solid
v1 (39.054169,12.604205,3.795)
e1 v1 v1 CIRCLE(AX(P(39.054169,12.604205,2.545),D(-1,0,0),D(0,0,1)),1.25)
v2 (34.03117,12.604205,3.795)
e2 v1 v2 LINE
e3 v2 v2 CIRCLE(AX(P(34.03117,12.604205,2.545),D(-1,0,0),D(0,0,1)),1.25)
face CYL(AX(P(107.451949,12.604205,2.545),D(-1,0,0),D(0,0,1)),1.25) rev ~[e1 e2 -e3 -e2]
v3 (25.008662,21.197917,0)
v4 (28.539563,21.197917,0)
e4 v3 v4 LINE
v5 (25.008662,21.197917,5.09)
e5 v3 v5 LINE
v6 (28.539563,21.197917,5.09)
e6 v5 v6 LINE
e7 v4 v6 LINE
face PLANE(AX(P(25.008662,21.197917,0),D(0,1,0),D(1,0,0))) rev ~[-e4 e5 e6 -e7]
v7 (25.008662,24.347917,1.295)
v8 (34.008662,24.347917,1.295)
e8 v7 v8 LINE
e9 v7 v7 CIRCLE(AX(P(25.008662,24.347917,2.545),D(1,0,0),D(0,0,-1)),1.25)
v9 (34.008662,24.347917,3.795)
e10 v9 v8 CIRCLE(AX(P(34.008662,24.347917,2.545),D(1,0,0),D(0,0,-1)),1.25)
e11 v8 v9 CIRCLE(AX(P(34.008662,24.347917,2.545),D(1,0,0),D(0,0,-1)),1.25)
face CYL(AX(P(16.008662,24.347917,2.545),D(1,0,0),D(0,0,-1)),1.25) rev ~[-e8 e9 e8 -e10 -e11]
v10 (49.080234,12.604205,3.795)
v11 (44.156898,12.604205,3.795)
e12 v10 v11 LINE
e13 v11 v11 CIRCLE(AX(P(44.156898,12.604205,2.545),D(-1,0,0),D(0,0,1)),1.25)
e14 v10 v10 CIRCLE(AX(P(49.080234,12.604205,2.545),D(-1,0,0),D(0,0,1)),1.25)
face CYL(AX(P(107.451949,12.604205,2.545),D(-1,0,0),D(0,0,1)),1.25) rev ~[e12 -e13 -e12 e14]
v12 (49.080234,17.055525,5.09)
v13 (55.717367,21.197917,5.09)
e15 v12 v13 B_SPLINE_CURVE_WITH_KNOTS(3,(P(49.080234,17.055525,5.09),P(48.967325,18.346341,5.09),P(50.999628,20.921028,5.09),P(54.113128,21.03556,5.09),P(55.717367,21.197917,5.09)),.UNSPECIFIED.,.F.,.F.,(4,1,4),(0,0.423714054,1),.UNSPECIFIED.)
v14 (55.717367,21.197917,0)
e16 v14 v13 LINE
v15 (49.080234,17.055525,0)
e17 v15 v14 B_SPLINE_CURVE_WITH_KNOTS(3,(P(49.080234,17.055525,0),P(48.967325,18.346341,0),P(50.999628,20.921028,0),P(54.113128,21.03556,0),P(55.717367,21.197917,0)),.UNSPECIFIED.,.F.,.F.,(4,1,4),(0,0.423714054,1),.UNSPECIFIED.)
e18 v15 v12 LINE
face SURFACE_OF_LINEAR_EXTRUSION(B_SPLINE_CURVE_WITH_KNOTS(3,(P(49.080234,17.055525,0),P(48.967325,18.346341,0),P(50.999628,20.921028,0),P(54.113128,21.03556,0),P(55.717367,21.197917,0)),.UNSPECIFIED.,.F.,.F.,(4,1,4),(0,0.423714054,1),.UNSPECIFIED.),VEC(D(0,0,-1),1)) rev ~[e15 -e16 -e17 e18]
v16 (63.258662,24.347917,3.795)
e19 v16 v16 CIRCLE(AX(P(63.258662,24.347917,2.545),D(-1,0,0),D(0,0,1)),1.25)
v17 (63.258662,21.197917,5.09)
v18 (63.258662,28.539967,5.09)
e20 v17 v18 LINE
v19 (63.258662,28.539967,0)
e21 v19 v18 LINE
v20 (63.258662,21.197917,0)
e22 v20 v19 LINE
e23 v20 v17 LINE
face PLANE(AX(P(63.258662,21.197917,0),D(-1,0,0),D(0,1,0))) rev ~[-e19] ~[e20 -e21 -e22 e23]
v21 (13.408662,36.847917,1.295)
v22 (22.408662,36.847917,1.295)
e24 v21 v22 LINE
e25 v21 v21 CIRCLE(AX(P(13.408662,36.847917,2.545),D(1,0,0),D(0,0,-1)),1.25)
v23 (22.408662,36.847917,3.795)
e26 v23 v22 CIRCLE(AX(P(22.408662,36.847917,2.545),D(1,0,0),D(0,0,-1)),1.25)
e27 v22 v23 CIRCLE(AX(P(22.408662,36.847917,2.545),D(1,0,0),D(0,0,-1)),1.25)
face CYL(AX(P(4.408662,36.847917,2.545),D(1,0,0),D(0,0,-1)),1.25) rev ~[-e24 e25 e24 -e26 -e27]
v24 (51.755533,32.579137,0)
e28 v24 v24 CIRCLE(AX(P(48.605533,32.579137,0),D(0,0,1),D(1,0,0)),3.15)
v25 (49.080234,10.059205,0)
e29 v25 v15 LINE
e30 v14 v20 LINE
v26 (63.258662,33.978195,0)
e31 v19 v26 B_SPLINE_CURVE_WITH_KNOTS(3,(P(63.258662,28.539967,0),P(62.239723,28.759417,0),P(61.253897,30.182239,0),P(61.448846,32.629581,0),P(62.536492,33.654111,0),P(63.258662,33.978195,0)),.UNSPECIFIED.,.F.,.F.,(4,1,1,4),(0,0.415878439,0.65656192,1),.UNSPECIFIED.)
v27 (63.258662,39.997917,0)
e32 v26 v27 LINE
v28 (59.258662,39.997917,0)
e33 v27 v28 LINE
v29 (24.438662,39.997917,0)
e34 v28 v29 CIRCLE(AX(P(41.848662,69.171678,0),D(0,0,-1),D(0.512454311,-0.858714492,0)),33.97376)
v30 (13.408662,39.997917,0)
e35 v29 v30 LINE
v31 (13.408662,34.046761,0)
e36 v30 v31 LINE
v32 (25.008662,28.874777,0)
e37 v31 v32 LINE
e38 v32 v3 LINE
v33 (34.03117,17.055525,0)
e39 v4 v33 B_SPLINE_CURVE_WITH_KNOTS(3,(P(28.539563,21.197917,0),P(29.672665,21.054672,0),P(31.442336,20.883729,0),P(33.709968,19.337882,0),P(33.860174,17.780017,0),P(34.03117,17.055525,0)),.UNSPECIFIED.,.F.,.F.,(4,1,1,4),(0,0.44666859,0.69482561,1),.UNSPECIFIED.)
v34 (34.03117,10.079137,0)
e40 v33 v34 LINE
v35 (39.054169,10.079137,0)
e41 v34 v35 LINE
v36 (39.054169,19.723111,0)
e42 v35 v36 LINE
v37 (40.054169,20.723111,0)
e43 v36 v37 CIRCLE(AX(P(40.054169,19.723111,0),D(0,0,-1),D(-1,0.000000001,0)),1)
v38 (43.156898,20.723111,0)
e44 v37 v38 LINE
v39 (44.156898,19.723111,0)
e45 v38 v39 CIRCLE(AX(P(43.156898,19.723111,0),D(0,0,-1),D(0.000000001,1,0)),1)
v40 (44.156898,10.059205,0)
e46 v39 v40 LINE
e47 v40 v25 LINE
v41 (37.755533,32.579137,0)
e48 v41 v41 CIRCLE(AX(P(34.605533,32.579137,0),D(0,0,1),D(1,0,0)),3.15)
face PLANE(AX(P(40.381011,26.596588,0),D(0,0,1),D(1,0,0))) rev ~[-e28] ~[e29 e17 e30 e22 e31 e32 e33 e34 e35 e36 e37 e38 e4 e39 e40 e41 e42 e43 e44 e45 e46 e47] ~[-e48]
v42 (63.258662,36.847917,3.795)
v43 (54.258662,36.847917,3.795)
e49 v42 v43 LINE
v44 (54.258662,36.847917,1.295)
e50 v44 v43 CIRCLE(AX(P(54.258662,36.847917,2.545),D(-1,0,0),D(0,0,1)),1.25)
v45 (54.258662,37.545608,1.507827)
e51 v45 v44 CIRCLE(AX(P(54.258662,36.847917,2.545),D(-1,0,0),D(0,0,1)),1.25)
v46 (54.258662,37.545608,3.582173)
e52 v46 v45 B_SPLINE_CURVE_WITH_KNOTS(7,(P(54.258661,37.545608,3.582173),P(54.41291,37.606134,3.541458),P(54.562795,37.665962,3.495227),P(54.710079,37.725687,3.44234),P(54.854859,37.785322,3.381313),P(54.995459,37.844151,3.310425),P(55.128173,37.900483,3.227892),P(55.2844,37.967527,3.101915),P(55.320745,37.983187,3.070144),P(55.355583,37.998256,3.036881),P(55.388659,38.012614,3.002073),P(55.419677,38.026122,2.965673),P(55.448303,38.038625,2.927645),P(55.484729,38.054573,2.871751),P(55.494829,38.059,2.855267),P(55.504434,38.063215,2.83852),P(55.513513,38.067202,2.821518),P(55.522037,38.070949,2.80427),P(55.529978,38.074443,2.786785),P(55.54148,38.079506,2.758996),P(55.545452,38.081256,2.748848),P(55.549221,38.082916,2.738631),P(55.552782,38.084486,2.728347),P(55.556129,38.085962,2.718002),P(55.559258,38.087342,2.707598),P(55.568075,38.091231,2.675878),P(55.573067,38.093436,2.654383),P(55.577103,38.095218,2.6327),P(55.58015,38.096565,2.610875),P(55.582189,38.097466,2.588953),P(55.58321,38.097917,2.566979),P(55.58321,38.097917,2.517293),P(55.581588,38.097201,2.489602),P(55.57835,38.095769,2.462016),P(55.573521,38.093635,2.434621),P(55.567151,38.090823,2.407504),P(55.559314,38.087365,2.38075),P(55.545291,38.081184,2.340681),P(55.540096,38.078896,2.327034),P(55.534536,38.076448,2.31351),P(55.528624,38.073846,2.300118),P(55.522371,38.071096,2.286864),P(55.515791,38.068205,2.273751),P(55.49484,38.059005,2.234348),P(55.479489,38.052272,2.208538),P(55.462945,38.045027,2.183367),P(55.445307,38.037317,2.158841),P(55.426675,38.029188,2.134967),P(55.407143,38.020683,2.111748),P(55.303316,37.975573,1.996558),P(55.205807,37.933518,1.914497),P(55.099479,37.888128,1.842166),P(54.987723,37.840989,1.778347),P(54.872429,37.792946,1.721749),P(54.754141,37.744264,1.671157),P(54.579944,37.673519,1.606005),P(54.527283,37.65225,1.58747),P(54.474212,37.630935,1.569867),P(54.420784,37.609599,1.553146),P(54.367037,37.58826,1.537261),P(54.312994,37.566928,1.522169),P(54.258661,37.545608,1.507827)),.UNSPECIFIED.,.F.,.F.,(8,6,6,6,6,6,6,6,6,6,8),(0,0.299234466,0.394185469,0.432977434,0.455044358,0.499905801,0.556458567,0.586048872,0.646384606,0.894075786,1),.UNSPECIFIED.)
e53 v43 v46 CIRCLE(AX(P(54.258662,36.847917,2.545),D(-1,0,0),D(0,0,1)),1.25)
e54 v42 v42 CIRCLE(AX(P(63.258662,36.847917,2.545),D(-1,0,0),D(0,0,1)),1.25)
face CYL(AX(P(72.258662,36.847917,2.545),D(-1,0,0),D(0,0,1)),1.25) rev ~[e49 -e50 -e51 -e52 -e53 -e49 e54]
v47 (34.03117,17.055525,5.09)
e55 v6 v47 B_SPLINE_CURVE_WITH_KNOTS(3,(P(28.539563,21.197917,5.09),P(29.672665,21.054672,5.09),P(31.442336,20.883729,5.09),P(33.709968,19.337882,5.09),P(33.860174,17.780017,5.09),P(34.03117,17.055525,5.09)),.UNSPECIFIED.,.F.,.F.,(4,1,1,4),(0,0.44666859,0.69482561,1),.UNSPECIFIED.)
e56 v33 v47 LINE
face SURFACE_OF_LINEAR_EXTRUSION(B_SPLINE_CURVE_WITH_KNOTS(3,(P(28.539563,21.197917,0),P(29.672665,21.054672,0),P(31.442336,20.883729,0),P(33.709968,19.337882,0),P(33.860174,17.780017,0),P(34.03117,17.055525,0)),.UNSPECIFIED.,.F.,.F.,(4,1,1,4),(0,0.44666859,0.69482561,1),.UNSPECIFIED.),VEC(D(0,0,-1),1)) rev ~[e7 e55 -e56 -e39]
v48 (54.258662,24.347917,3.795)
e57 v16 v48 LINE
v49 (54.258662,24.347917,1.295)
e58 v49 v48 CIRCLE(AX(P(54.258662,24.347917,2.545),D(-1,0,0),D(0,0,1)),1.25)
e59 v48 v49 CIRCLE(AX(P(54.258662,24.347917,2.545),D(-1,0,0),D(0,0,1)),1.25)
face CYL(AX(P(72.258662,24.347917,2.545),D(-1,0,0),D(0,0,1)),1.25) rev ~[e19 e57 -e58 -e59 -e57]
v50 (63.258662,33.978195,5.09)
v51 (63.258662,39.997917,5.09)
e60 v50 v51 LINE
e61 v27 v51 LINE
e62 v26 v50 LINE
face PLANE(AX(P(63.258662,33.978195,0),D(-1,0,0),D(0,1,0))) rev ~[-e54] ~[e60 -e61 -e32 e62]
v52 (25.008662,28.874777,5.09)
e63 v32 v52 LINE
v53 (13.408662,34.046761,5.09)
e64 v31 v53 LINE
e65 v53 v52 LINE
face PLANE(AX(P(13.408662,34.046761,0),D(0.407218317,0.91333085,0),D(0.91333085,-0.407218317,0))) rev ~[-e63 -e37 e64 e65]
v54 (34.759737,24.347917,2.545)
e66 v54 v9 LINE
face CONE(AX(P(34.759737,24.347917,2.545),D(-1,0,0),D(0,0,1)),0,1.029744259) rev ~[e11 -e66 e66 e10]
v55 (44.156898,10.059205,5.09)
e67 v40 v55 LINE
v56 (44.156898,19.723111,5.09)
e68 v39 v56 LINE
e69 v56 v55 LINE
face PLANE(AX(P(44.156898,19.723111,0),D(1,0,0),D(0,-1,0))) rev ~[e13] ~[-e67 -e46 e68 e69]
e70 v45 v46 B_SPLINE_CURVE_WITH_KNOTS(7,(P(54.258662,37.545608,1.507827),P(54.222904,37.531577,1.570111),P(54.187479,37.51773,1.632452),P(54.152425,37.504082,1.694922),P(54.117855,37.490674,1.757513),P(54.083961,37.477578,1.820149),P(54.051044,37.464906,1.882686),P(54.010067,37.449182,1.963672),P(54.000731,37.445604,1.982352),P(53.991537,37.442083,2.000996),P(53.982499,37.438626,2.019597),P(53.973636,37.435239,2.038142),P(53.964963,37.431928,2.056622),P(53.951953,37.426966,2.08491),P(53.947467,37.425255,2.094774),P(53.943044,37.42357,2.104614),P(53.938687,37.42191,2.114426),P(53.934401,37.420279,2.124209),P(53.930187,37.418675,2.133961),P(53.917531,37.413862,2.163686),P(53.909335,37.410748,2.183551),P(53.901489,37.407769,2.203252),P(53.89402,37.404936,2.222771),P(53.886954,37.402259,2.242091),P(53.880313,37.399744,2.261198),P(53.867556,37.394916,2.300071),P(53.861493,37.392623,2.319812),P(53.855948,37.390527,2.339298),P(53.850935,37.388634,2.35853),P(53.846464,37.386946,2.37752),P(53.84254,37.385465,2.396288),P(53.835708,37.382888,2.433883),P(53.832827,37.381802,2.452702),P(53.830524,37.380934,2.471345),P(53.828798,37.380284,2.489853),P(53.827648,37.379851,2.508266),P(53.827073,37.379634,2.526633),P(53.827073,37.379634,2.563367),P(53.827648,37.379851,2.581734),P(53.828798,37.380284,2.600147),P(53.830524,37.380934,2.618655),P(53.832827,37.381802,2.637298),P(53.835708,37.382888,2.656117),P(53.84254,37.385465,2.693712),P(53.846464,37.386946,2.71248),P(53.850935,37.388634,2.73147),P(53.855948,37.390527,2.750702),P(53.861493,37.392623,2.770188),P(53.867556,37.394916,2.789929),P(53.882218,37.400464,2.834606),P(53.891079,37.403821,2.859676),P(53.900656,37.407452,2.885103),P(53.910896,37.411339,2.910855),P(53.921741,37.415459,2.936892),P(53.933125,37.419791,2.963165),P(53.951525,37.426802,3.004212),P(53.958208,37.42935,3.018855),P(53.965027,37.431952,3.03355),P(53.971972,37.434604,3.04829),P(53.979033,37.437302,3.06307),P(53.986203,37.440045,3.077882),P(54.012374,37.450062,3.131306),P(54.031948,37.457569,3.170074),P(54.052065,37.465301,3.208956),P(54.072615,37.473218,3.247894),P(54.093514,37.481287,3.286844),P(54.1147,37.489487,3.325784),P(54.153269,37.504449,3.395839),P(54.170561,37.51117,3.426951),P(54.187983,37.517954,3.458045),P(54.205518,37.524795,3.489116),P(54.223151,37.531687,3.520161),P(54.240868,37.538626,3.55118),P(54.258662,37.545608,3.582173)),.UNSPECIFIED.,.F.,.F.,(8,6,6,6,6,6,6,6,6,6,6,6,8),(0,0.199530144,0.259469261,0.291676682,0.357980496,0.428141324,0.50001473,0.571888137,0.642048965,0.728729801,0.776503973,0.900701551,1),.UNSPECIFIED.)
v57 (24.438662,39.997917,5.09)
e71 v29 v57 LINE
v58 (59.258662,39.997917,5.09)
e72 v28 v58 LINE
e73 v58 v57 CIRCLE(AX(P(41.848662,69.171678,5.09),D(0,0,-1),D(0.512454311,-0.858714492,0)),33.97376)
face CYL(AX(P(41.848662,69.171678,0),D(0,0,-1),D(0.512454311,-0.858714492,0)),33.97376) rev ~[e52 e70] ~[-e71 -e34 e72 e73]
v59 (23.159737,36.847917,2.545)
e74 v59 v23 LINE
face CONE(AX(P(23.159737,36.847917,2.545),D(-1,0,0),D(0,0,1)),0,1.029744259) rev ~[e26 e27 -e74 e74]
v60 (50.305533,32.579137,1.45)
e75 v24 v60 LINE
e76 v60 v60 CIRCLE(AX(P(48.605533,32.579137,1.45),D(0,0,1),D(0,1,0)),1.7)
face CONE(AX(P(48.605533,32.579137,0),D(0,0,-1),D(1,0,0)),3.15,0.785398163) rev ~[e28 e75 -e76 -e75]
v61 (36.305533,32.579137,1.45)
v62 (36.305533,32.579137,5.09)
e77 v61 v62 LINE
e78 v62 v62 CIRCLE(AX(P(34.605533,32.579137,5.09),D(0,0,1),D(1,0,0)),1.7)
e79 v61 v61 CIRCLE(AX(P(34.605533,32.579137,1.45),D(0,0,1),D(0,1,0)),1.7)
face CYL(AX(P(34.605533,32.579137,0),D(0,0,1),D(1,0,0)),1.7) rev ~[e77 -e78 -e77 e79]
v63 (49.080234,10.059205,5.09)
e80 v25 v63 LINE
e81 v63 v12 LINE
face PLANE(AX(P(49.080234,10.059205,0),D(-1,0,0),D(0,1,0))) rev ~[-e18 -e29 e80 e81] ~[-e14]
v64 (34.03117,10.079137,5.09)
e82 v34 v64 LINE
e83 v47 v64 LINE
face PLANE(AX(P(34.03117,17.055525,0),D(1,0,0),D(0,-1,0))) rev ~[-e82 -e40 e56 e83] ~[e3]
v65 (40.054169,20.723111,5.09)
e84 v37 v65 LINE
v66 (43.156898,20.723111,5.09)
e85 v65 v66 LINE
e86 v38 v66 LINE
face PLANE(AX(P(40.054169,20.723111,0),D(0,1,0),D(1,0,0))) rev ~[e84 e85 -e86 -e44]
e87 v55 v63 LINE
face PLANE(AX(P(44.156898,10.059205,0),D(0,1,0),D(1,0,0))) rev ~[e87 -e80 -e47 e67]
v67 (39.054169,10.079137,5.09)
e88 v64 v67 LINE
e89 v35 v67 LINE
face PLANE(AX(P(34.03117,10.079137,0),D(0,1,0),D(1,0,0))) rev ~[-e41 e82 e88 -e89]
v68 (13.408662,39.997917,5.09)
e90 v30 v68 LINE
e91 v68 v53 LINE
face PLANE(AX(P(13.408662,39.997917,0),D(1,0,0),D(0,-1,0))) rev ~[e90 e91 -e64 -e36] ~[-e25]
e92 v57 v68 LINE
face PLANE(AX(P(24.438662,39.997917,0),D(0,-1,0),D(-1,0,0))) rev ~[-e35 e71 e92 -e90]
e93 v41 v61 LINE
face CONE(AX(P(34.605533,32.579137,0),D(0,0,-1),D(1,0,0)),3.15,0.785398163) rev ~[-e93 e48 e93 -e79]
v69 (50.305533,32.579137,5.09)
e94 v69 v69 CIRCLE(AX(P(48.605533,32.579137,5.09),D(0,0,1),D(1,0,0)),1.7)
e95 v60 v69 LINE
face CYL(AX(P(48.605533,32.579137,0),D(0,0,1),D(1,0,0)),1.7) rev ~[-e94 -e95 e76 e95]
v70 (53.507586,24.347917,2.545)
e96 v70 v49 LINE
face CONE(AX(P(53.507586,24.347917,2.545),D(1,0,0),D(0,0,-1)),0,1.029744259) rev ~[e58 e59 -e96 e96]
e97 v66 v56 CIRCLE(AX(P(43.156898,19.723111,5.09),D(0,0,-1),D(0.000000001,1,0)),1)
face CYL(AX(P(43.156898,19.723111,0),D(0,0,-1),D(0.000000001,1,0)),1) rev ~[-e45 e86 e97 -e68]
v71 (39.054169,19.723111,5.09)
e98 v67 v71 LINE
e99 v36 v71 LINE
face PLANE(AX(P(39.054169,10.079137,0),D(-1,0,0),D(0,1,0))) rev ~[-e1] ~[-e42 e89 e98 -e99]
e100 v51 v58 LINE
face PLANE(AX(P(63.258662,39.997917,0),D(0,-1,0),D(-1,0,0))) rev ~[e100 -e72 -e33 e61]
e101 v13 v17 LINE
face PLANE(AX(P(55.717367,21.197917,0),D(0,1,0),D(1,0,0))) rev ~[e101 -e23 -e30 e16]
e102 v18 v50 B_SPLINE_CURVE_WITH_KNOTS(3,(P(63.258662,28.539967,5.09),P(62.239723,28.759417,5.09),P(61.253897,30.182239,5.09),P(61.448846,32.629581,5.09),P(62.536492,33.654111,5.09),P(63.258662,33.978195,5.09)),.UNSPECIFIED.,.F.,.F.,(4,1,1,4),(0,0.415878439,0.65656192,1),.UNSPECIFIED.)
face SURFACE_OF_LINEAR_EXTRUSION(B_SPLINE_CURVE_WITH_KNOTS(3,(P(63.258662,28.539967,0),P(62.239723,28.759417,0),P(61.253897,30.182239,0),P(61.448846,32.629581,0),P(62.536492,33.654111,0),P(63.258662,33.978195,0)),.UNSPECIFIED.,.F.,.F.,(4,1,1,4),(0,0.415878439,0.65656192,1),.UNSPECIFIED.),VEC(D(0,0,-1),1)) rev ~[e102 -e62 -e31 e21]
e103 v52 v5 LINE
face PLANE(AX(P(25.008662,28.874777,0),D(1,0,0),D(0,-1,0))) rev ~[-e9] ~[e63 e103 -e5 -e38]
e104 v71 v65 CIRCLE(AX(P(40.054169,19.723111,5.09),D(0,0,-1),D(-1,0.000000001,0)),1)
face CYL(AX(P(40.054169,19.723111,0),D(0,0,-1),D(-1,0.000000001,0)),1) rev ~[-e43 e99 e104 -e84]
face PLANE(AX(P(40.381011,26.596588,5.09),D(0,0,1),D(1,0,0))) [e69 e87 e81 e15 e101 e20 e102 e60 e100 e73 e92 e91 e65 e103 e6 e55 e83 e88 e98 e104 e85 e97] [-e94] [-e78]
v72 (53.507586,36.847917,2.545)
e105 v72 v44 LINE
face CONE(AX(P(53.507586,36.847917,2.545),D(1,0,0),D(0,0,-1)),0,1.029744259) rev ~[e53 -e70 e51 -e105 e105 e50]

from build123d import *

# Parameters (mm, degrees)
ESTRUSIONE_ESTRUSIONE1_DEPTH           = 5.09
FORO_SVASATO_PER_VITE_M3_1_D           = 3.4
FORO_SVASATO_PER_VITE_M3_1_CSINK_D     = 6.3
FORO_SVASATO_PER_VITE_M3_1_CSINK_ANGLE = 90
FORO_FILETTATO_M3X0_5_1_D              = 2.5
FORO_FILETTATO_M3X0_5_1_DEPTH          = 9
FORO_FILETTATO_M3X0_5_1_TIP            = 0.751075774
FORO_FILETTATO_M3X0_5_2_D              = 2.5
FORO_FILETTATO_M3X0_5_2_DEPTH          = 9
FORO_FILETTATO_M3X0_5_2_TIP            = 0.751075774
FORO_FILETTATO_M3X0_5_3_D              = 2.5
FORO_FILETTATO_M3X0_5_3_DEPTH          = 9
FORO_FILETTATO_M3X0_5_3_TIP            = 0.751075774
FORO_FILETTATO_M3X0_5_4_D              = 2.5


with BuildPart() as part:
    # Schizzo2 → Estrusione-Estrusione1 (new body)
    with BuildSketch(Plane.XY):
        with BuildLine():
            Line((13.408661509, 34.046761388), (25.008661509, 28.874777457))
            Line((25.008661509, 28.874777457), (25.008661509, 21.197917302))
            Line((25.008661509, 21.197917302), (28.539563234, 21.197917302))
            add(Edge.make_bspline(
                [(28.539563234, 21.197917302), (29.672665245, 21.054672347), (31.442336464, 20.883728728), (33.709967859, 19.337881701), (33.860174007, 17.780017142), (34.031169837, 17.055524547)],
                knots=[0, 0, 0, 0, 0.44666859, 0.69482561, 1, 1, 1, 1], degree=3))
            Line((34.031169837, 17.055524547), (34.031169837, 10.079137282))
            Line((34.031169837, 10.079137282), (39.054168668, 10.079137282))
            Line((39.054168668, 10.079137282), (39.054168668, 19.723110995))
            ThreePointArc((39.054168668, 19.723110995), (39.347061887, 20.430217776), (40.054168668, 20.723110995))
            Line((40.054168668, 20.723110995), (43.156897639, 20.723110995))
            ThreePointArc((43.156897639, 20.723110995), (43.86400442, 20.430217776), (44.156897639, 19.723110995))
            Line((44.156897639, 19.723110995), (44.156897639, 10.059204747))
            Line((44.156897639, 10.059204747), (49.080233794, 10.059204747))
            Line((49.080233794, 10.059204747), (49.080233794, 17.055524547))
            add(Edge.make_bspline(
                [(49.080233794, 17.055524547), (48.967324691, 18.346340588), (50.999627836, 20.921028345), (54.113128084, 21.035559742), (55.71736734, 21.197917302)],
                knots=[0, 0, 0, 0, 0.423714054, 1, 1, 1, 1], degree=3))
            Line((55.71736734, 21.197917302), (63.258661509, 21.197917302))
            Line((63.258661509, 21.197917302), (63.258661509, 28.539967348))
            add(Edge.make_bspline(
                [(63.258661509, 28.539967348), (62.239722551, 28.759416988), (61.253896648, 30.182238688), (61.448846017, 32.629580504), (62.536492347, 33.654111413), (63.258661509, 33.978194592)],
                knots=[0, 0, 0, 0, 0.415878439, 0.65656192, 1, 1, 1, 1], degree=3))
            Line((63.258661509, 33.978194592), (63.258661509, 39.997917302))
            Line((63.258661509, 39.997917302), (59.258661509, 39.997917302))
            ThreePointArc((59.258661509, 39.997917302), (41.848661509, 35.197917302), (24.438661509, 39.997917302))
            Line((24.438661509, 39.997917302), (13.408661509, 39.997917302))
            Line((13.408661509, 39.997917302), (13.408661509, 34.046761388))
        make_face()
    extrude(amount=ESTRUSIONE_ESTRUSIONE1_DEPTH)

    # Foro svasato per Vite M3-1 (through all)
    with Locations(Plane(origin=(0, 0, 0), x_dir=(-1, 0, 0), z_dir=(0, 0, -1))):
        with Locations((-48.605533153, 32.579137282), (-34.605533153, 32.579137282)):
            CounterSinkHole(FORO_SVASATO_PER_VITE_M3_1_D / 2, FORO_SVASATO_PER_VITE_M3_1_CSINK_D / 2, counter_sink_angle=FORO_SVASATO_PER_VITE_M3_1_CSINK_ANGLE)

    # Foro filettato M3x0.5-1
    with Locations(Plane(origin=(63.258661509, 0, 0), x_dir=(0, 0, -1), z_dir=(1, 0, 0))):
        with Locations((-2.545, 36.847917302), (-2.545, 24.347917302)):
            Hole(FORO_FILETTATO_M3X0_5_1_D / 2, depth=FORO_FILETTATO_M3X0_5_1_DEPTH)
            with Locations((0, 0, -(FORO_FILETTATO_M3X0_5_1_DEPTH + FORO_FILETTATO_M3X0_5_1_TIP / 2))):  # 118° drill point
                Cone(0, FORO_FILETTATO_M3X0_5_1_D / 2, FORO_FILETTATO_M3X0_5_1_TIP, mode=Mode.SUBTRACT)

    # Foro filettato M3x0.5-2
    with Locations(Plane.ZY.offset(-13.408661509)):
        with Locations((2.545, 36.847917302)):
            Hole(FORO_FILETTATO_M3X0_5_2_D / 2, depth=FORO_FILETTATO_M3X0_5_2_DEPTH)
            with Locations((0, 0, -(FORO_FILETTATO_M3X0_5_2_DEPTH + FORO_FILETTATO_M3X0_5_2_TIP / 2))):  # 118° drill point
                Cone(0, FORO_FILETTATO_M3X0_5_2_D / 2, FORO_FILETTATO_M3X0_5_2_TIP, mode=Mode.SUBTRACT)

    # Foro filettato M3x0.5-3
    with Locations(Plane.ZY.offset(-25.008661509)):
        with Locations((2.545, 24.347917302)):
            Hole(FORO_FILETTATO_M3X0_5_3_D / 2, depth=FORO_FILETTATO_M3X0_5_3_DEPTH)
            with Locations((0, 0, -(FORO_FILETTATO_M3X0_5_3_DEPTH + FORO_FILETTATO_M3X0_5_3_TIP / 2))):  # 118° drill point
                Cone(0, FORO_FILETTATO_M3X0_5_3_D / 2, FORO_FILETTATO_M3X0_5_3_TIP, mode=Mode.SUBTRACT)

    # Foro filettato M3x0.5-4 (through all)
    with Locations(Plane(origin=(49.080233794, 0, 0), x_dir=(0, 0, -1), z_dir=(1, 0, 0))):
        with Locations((-2.545, 12.604204747)):
            Hole(FORO_FILETTATO_M3X0_5_4_D / 2)


solid = part.part
